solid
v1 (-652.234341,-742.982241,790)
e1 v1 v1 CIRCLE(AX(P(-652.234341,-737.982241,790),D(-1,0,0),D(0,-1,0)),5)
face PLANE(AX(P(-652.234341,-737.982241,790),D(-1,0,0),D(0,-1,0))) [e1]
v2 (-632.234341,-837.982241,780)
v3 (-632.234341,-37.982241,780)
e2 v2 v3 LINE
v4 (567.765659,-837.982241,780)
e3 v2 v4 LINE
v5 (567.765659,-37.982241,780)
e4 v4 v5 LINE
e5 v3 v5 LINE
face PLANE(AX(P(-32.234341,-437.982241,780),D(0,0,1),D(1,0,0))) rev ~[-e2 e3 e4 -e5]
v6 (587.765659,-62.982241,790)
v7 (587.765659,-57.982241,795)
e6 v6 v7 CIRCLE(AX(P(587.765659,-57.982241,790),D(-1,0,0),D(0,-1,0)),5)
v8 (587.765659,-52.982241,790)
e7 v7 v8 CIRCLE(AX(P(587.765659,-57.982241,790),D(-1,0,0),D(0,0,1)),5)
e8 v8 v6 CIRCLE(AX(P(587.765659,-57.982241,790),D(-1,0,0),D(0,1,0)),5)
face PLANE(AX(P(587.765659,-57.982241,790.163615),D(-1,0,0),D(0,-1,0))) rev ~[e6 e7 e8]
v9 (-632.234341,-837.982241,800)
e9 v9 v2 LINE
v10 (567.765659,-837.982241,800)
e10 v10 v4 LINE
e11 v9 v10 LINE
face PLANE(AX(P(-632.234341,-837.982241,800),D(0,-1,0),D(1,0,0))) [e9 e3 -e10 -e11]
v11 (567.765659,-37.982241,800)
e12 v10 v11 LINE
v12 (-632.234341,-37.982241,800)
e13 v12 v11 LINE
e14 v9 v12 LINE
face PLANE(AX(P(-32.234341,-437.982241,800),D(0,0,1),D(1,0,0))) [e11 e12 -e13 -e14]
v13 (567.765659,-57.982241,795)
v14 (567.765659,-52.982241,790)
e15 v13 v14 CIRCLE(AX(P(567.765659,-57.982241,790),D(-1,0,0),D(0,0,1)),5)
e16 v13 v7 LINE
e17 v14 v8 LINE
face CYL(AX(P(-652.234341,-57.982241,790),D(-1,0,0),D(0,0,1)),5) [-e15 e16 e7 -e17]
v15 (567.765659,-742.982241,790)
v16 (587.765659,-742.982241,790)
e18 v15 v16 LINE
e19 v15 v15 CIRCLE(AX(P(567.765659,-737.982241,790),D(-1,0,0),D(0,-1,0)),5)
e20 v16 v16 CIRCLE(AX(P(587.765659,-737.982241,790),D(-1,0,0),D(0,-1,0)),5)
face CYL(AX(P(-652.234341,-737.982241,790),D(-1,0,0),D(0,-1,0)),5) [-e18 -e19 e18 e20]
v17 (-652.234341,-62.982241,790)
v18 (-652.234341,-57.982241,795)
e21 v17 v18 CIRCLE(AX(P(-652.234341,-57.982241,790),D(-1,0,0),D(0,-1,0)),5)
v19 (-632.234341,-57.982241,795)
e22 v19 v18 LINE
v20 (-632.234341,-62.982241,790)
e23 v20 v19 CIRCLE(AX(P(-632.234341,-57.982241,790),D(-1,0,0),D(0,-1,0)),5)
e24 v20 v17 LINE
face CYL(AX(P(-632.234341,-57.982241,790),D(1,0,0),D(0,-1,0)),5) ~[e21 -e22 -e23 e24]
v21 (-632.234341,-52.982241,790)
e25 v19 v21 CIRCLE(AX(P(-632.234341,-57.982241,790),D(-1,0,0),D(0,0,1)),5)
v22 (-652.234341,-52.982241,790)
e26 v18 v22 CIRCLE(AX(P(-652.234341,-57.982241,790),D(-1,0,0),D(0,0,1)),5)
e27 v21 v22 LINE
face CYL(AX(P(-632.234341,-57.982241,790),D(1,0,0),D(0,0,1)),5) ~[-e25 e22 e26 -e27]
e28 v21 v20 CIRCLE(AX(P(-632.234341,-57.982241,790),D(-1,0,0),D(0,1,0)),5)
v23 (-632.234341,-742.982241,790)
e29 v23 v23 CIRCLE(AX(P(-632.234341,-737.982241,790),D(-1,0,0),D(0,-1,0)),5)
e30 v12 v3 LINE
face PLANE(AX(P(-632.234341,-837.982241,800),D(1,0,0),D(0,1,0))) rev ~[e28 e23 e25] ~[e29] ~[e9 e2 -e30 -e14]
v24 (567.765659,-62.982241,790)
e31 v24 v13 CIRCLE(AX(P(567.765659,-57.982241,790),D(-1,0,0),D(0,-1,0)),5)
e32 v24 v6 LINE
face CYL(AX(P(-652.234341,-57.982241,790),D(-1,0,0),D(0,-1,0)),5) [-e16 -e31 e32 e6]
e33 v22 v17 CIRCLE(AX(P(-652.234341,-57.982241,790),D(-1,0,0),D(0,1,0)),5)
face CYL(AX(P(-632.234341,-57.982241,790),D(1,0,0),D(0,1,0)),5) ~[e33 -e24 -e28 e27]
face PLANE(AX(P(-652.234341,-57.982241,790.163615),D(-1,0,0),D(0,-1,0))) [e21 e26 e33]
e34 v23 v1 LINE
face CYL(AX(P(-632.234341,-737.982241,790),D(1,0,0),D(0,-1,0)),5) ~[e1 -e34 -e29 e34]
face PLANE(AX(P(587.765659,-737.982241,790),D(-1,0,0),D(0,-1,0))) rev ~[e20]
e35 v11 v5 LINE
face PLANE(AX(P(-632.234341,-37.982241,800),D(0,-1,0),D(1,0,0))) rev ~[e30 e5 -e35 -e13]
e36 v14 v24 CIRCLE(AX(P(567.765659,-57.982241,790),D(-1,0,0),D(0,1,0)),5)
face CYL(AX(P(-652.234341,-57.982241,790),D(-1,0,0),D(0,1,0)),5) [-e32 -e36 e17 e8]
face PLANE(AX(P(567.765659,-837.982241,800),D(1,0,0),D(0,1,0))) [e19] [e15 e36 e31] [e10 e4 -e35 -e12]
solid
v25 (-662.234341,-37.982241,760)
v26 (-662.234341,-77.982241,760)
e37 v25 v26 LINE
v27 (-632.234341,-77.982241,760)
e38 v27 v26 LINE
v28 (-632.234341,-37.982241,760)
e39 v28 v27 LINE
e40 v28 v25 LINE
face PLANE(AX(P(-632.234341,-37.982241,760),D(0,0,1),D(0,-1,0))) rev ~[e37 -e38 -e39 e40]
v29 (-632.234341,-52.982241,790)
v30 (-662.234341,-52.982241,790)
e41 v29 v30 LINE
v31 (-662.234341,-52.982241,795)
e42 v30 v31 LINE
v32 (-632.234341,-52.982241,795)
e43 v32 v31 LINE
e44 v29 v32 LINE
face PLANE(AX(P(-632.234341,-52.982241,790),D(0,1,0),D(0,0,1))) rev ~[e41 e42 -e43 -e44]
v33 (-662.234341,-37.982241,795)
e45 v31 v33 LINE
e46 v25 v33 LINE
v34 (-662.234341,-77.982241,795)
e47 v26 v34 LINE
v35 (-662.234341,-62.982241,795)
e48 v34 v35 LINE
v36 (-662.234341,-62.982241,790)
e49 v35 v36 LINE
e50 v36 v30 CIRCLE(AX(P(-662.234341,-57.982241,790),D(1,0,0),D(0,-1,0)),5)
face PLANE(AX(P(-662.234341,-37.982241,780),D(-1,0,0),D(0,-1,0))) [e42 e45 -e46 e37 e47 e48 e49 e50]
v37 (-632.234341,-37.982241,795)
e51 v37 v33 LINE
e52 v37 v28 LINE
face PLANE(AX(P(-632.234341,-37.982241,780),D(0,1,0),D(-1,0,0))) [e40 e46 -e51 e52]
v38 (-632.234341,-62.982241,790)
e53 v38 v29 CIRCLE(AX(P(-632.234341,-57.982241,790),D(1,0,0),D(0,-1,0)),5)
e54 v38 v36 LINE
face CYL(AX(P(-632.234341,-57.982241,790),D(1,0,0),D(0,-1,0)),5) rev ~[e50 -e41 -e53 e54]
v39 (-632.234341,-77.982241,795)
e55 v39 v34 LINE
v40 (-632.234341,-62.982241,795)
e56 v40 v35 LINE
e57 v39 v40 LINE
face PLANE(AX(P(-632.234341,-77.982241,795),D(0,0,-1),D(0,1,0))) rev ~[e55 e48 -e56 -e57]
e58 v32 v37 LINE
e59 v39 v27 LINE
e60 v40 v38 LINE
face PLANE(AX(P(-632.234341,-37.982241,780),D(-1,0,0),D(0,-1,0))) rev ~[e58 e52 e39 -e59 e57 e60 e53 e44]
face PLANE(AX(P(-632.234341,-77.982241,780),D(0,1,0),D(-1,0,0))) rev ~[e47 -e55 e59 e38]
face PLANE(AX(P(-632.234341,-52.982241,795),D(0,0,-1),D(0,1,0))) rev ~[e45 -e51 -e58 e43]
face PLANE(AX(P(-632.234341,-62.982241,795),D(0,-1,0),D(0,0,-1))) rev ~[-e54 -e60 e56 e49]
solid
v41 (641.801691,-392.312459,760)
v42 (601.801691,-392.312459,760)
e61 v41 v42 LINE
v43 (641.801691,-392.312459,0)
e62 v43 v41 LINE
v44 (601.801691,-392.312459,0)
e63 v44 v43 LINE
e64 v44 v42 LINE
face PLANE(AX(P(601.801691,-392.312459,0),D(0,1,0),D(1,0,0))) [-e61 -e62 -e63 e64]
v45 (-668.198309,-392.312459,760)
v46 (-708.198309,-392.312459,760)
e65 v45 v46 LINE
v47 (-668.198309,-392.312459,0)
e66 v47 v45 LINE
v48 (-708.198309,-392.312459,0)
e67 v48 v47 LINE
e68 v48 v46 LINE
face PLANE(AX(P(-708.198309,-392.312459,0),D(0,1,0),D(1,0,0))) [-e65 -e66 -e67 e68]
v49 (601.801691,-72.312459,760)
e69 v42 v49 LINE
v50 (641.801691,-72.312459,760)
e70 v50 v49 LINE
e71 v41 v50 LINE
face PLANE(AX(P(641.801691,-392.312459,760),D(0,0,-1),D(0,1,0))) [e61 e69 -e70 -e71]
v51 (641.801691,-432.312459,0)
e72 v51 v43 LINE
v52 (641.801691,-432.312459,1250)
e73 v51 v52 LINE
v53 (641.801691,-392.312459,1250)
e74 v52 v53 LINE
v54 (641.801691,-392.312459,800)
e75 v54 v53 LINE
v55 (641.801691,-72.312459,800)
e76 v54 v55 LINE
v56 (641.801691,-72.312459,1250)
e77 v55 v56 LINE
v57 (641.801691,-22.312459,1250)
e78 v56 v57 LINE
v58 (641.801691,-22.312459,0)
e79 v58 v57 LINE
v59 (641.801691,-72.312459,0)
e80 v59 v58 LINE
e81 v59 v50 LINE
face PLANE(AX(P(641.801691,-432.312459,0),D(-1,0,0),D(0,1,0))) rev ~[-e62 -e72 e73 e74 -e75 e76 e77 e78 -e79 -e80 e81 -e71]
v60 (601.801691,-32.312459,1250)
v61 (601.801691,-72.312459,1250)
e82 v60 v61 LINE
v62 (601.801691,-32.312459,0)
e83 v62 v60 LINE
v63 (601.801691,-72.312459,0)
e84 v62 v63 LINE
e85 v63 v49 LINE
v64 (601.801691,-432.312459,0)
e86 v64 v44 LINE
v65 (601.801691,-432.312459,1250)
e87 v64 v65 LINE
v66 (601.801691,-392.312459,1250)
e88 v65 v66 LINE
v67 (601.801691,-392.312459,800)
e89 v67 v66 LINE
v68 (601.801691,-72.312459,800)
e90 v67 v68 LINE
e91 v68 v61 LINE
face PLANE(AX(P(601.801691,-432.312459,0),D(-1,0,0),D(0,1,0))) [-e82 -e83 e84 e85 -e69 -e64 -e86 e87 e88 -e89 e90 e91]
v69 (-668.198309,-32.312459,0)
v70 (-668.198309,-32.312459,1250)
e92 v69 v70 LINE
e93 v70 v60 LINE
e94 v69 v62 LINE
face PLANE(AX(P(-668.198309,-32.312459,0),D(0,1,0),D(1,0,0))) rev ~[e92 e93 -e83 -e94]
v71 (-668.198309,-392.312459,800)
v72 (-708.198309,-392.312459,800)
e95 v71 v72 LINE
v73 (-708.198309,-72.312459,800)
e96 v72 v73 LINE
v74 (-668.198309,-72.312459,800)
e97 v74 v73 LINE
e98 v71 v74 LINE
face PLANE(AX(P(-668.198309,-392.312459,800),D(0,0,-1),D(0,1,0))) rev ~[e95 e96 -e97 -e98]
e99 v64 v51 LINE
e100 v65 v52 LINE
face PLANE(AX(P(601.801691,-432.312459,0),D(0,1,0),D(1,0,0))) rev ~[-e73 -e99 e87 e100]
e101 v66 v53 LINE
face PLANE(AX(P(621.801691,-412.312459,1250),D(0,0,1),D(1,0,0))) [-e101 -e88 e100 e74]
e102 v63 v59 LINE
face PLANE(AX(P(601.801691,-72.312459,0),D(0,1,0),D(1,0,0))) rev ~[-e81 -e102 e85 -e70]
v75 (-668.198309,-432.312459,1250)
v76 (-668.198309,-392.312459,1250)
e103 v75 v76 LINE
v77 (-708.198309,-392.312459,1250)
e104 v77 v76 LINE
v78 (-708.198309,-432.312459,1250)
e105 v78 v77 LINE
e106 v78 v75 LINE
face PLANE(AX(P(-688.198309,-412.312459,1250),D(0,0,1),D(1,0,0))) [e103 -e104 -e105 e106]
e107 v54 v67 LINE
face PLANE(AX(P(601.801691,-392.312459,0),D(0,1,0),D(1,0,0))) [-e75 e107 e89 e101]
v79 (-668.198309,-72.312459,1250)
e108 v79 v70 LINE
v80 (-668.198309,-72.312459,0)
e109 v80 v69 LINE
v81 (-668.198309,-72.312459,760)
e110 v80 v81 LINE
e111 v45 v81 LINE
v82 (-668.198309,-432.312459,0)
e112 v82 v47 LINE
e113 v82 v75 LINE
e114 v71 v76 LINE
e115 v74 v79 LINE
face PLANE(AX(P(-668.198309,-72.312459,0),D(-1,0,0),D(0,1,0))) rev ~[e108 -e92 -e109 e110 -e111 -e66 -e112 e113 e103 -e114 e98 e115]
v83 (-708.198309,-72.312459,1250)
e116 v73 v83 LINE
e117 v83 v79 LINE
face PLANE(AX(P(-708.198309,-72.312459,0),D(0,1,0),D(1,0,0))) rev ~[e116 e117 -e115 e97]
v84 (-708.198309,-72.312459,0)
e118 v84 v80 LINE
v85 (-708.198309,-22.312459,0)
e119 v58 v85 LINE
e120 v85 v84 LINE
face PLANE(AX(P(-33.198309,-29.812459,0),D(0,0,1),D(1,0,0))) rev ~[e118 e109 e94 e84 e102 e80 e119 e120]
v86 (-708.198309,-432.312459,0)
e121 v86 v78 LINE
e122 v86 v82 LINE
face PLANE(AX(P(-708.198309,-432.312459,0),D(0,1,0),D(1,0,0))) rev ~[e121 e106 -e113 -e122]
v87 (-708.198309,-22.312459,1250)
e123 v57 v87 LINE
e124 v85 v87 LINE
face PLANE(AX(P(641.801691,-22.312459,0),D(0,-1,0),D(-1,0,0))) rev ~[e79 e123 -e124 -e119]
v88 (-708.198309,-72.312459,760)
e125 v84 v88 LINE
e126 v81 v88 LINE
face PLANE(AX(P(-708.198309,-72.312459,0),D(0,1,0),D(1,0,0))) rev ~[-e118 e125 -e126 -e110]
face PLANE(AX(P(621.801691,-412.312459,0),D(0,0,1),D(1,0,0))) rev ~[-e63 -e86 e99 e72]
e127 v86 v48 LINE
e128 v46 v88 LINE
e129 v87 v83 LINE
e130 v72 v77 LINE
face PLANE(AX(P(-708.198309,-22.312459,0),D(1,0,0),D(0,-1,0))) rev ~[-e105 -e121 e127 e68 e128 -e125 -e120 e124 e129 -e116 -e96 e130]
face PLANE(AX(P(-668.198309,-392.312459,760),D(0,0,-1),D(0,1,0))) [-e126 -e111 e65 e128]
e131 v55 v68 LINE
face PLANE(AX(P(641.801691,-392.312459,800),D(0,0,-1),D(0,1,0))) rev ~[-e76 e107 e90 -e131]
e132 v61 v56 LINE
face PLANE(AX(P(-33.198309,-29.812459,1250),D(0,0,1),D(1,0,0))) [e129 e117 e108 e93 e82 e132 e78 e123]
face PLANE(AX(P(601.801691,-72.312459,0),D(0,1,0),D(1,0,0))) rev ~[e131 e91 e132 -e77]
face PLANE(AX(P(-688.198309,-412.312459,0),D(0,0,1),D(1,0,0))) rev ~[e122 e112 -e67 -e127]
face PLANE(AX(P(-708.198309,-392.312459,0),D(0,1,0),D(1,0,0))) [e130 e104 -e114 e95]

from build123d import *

# Parameters (mm, degrees)
F0_W      = 40
F0_H      = 40
F1_DEPTH  = 1250
F2_W      = 320
F2_H      = 40
F3_DEPTH  = 40
F4_W      = 320
F4_H      = 40
F5_DEPTH  = 40
F6_W      = 1200
F6_H      = 800
F7_DEPTH  = 20
F8_R      = 5
F9_DEPTH  = 20
F10_DEPTH = 1240
F11_DEPTH = 30
F12_DEPTH = 20


with BuildPart() as f1:
    # F0 (on Top) → F1 (new body)
    with BuildSketch(Plane.XY):
        with Locations((-688.1983089447, -412.3124587536)):
            Rectangle(F0_W, F0_H)
    extrude(amount=F1_DEPTH)



with BuildPart() as f1b:
    # F0 (on Top) → F1, piece 2 (new body)
    with BuildSketch(Plane.XY):
        Polygon((-668.1983089447, -72.3124587536), (-668.1983089447, -32.3124587536), (601.8016910553, -32.3124587536), (601.8016910553, -72.3124587536), (641.8016910553, -72.3124587536), (641.8016910553, -22.3124587536), (601.8016910553, -22.3124587536), (-708.1983089447, -22.3124587536), (-708.1983089447, -32.3124587536), (-708.1983089447, -72.3124587536), align=None)
    extrude(amount=F1_DEPTH)


with BuildPart() as f1c:
    # F0 (on Top) → F1, piece 3 (new body)
    with BuildSketch(Plane.XY):
        with Locations((621.8016910553, -412.3124587536)):
            Rectangle(F0_W, F0_H)
    extrude(amount=F1_DEPTH)


with BuildPart() as f1_1:
    add(f1.part)

    add(f1b.part)  # F3 merges F1b
    # F2 (on face) → F3 (join)
    with BuildSketch(Plane.YZ.offset(-668.1983089447)):
        with Locations((-232.3124587536, 780)):
            Rectangle(F2_W, F2_H)
    extrude(amount=-F3_DEPTH)


    add(f1c.part)  # F5 merges F1c
    # F4 (on face) → F5 (join)
    with BuildSketch(Plane.YZ.offset(641.8016910553)):
        with Locations((-232.3124587536, 780)):
            Rectangle(F4_W, F4_H)
    extrude(amount=-F5_DEPTH)


with BuildPart() as f7:
    # F6 (on face) → F7 (new body)
    with BuildSketch(Plane.XY.offset(800)):
        with Locations((-32.2343409061, -437.982240646)):
            Rectangle(F6_W, F6_H)
    extrude(amount=-F7_DEPTH)

    # F8 (on face) → F9 (join)
    with BuildSketch(Plane(origin=(-632.2343409061, 0, 0), x_dir=(0, -1, 0), z_dir=(-1, 0, 0))):
        with BuildLine():
            ThreePointArc((57.982240646, 795), (54.4467067401, 793.5355339059), (52.982240646, 790))
            ThreePointArc((52.982240646, 790), (57.982240646, 785), (62.982240646, 790))
            ThreePointArc((62.982240646, 790), (61.5177745519, 793.5355339059), (57.982240646, 795))
        make_face()
        with Locations((737.982240646, 790)):
            Circle(F8_R)
    extrude(amount=F9_DEPTH)

    # F10 (add): faces of the model
    f10_faces = [f7.faces().sort_by_distance(p)[0] for p in [
        (-652.2343409061, -737.982240646, 790),
        (-652.2343409061, -57.982240646, 790),
    ]]
    extrude(f10_faces, amount=-F10_DEPTH)


with BuildPart() as f11:
    # F8 (on face) → F11 (new body)
    with BuildSketch(Plane(origin=(-632.2343409061, 0, 0), x_dir=(0, -1, 0), z_dir=(-1, 0, 0))):
        with BuildLine():
            ThreePointArc((62.982240646, 790), (57.982240646, 785), (52.982240646, 790))
            Line((52.982240646, 790), (52.982240646, 795))
            Line((52.982240646, 795), (37.982240646, 795))
            Line((37.982240646, 795), (37.982240646, 780))
            Line((37.982240646, 780), (77.982240646, 780))
            Line((77.982240646, 780), (77.982240646, 795))
            Line((77.982240646, 795), (62.982240646, 795))
            Line((62.982240646, 795), (62.982240646, 790))
        make_face()
    extrude(amount=F11_DEPTH)

    # F12 (add): a face of the model
    f12_faces = [f11.faces().sort_by_distance(p)[0] for p in [
        (-647.2343409061, -57.982240646, 780),
    ]]
    extrude(f12_faces, amount=F12_DEPTH)


solid = Compound([f1_1.part, f7.part, f11.part])
